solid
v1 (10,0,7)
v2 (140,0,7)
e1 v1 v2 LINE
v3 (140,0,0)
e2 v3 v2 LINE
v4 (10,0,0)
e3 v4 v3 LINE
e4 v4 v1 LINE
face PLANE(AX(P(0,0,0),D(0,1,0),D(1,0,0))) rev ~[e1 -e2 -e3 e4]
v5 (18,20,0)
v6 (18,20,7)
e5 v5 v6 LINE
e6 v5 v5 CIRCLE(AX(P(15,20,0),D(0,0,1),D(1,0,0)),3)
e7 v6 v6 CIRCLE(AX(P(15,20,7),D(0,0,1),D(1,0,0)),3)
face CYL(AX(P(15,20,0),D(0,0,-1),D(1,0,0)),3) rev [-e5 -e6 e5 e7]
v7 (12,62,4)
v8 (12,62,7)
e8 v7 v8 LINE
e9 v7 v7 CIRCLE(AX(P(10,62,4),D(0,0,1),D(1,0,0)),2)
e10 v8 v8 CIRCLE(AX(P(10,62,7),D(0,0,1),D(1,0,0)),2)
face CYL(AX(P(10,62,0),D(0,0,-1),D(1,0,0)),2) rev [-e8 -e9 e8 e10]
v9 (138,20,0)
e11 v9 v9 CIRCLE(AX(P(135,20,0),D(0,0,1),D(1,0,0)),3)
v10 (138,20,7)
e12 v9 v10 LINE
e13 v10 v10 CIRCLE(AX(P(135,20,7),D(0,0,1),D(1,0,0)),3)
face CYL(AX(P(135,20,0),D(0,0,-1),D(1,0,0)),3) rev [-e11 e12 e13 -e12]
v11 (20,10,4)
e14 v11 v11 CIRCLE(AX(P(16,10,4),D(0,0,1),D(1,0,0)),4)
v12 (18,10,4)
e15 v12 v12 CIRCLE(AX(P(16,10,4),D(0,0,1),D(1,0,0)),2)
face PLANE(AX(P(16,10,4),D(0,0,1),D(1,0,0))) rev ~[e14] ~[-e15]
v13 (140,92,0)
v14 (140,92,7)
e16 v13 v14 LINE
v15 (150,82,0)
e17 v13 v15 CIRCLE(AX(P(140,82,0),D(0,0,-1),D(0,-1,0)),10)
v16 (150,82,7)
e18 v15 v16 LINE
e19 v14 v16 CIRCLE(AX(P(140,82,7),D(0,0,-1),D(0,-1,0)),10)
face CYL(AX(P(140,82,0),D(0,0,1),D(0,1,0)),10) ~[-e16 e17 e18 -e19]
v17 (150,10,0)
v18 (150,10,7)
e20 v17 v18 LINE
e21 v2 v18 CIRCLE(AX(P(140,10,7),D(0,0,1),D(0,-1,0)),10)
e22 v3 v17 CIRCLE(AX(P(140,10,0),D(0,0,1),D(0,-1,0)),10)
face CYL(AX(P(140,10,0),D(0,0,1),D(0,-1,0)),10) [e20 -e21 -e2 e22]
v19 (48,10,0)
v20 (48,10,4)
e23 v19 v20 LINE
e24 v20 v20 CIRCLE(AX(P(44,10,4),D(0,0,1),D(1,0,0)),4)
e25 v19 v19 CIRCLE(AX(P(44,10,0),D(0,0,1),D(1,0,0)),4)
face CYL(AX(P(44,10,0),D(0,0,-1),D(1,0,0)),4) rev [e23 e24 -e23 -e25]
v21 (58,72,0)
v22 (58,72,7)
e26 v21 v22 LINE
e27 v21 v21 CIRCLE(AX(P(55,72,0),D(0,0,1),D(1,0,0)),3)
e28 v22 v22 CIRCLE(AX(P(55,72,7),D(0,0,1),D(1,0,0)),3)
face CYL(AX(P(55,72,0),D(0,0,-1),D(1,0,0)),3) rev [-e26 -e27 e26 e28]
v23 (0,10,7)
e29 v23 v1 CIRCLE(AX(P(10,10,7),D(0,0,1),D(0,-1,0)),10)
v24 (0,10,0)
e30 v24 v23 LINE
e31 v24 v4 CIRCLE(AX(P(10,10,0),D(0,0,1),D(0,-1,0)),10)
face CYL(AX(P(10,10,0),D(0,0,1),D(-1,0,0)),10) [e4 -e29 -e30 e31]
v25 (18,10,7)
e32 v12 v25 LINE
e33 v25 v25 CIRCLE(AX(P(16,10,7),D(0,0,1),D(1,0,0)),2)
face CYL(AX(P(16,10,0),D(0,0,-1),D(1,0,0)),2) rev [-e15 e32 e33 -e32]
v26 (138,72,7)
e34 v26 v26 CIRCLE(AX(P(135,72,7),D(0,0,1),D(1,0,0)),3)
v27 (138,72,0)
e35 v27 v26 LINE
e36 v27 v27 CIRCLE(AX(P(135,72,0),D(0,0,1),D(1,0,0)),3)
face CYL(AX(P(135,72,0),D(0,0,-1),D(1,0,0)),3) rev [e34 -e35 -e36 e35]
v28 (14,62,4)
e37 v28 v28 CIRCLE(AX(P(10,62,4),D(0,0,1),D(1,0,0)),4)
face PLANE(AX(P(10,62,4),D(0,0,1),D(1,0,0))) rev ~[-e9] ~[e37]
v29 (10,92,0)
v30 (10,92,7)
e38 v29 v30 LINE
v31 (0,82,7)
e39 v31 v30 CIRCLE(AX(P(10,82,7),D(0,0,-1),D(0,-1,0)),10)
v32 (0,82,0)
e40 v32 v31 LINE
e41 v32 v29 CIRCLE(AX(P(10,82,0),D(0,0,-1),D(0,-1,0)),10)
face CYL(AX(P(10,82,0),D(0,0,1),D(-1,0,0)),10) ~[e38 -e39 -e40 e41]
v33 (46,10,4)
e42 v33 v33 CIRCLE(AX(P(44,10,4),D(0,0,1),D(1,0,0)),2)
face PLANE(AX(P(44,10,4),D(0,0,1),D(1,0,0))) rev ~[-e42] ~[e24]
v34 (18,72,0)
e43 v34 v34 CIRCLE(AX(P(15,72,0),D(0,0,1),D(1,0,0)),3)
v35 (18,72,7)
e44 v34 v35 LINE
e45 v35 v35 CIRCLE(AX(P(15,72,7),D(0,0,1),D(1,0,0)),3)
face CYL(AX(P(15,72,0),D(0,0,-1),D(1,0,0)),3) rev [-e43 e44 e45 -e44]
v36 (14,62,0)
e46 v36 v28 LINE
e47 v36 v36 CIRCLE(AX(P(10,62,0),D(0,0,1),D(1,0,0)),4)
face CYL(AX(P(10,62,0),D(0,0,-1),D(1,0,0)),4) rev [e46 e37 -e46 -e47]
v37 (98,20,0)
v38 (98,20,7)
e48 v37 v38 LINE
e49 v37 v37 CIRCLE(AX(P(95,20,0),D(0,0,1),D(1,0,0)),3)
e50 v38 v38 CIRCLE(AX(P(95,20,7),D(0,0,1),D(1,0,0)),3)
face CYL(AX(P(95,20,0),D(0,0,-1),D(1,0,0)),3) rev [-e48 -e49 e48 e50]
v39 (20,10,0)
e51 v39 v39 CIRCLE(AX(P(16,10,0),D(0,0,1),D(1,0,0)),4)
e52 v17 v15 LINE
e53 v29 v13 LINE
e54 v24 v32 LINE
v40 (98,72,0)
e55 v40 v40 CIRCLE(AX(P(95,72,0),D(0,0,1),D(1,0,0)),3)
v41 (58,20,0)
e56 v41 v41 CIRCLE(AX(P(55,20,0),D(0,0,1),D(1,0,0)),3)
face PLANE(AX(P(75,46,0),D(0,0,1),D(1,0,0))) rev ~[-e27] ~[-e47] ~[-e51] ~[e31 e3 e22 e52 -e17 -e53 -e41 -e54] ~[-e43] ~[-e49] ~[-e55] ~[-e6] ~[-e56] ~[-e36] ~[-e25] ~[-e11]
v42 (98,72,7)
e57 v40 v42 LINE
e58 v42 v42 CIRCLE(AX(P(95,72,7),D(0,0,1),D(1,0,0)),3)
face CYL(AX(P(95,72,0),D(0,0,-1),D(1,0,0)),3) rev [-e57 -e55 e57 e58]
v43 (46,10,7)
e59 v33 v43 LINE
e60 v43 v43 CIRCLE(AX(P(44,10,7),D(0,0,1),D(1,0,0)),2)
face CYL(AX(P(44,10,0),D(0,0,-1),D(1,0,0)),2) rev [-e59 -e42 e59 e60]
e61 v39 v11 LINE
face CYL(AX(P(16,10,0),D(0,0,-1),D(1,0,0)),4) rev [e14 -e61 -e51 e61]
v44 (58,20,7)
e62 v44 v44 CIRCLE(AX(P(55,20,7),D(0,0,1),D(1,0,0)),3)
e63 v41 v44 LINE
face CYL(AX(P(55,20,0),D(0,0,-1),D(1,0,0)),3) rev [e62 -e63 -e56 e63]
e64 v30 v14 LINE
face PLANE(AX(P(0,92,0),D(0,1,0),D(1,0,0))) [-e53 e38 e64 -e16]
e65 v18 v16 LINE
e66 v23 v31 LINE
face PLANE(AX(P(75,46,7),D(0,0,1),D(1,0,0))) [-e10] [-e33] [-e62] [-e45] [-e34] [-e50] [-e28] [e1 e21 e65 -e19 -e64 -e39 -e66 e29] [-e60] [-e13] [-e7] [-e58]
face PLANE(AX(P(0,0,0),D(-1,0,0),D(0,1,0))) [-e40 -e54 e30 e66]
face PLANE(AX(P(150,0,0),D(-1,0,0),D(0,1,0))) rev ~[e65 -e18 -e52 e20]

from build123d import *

# Parameters (mm, degrees)
F0_W     = 150
F0_H     = 92
F0_R     = 4
F0_R_2   = 3
F0_R_3   = 2
F1_DEPTH = 7
F2_R     = 10
F3_DEPTH = 4


with BuildPart() as f1:
    # F0 (on Top) → F1 (new body)
    with BuildSketch(Plane.XY):
        with Locations((75, 46)):
            Rectangle(F0_W, F0_H)
        with Locations((16, 10)):
            Circle(F0_R, mode=Mode.SUBTRACT)
        with Locations((15, 20)):
            Circle(F0_R_2, mode=Mode.SUBTRACT)
        with Locations((44, 10)):
            Circle(F0_R, mode=Mode.SUBTRACT)
        with Locations((55, 20)):
            Circle(F0_R_2, mode=Mode.SUBTRACT)
        with Locations((95, 20)):
            Circle(F0_R_2, mode=Mode.SUBTRACT)
        with Locations((135, 20)):
            Circle(F0_R_2, mode=Mode.SUBTRACT)
        with Locations((10, 62)):
            Circle(F0_R, mode=Mode.SUBTRACT)
        with Locations((15, 72)):
            Circle(F0_R_2, mode=Mode.SUBTRACT)
        with Locations((55, 72)):
            Circle(F0_R_2, mode=Mode.SUBTRACT)
        with Locations((95, 72)):
            Circle(F0_R_2, mode=Mode.SUBTRACT)
        with Locations((135, 72)):
            Circle(F0_R_2, mode=Mode.SUBTRACT)
        with Locations((10, 62)):
            Circle(F0_R)
        with Locations((10, 62)):
            Circle(F0_R_3, mode=Mode.SUBTRACT)
        with Locations((16, 10)):
            Circle(F0_R)
        with Locations((16, 10)):
            Circle(F0_R_3, mode=Mode.SUBTRACT)
        with Locations((44, 10)):
            Circle(F0_R)
        with Locations((44, 10)):
            Circle(F0_R_3, mode=Mode.SUBTRACT)
    extrude(amount=F1_DEPTH)

    # F2
    f2_edges = [f1.edges().sort_by_distance(p)[0] for p in [
        (0, 92, 3.5),
        (0, 0, 3.5),
        (150, 0, 3.5),
        (150, 92, 3.5),
    ]]
    fillet(f2_edges, radius=F2_R)

    # F0 (on Top) → F3 (cut)
    with BuildSketch(Plane.XY):
        with Locations((10, 62)):
            Circle(F0_R)
        with Locations((10, 62)):
            Circle(F0_R_3, mode=Mode.SUBTRACT)
        with Locations((16, 10)):
            Circle(F0_R)
        with Locations((16, 10)):
            Circle(F0_R_3, mode=Mode.SUBTRACT)
        with Locations((44, 10)):
            Circle(F0_R)
        with Locations((44, 10)):
            Circle(F0_R_3, mode=Mode.SUBTRACT)
    extrude(amount=F3_DEPTH, mode=Mode.SUBTRACT)


solid = f1.part
